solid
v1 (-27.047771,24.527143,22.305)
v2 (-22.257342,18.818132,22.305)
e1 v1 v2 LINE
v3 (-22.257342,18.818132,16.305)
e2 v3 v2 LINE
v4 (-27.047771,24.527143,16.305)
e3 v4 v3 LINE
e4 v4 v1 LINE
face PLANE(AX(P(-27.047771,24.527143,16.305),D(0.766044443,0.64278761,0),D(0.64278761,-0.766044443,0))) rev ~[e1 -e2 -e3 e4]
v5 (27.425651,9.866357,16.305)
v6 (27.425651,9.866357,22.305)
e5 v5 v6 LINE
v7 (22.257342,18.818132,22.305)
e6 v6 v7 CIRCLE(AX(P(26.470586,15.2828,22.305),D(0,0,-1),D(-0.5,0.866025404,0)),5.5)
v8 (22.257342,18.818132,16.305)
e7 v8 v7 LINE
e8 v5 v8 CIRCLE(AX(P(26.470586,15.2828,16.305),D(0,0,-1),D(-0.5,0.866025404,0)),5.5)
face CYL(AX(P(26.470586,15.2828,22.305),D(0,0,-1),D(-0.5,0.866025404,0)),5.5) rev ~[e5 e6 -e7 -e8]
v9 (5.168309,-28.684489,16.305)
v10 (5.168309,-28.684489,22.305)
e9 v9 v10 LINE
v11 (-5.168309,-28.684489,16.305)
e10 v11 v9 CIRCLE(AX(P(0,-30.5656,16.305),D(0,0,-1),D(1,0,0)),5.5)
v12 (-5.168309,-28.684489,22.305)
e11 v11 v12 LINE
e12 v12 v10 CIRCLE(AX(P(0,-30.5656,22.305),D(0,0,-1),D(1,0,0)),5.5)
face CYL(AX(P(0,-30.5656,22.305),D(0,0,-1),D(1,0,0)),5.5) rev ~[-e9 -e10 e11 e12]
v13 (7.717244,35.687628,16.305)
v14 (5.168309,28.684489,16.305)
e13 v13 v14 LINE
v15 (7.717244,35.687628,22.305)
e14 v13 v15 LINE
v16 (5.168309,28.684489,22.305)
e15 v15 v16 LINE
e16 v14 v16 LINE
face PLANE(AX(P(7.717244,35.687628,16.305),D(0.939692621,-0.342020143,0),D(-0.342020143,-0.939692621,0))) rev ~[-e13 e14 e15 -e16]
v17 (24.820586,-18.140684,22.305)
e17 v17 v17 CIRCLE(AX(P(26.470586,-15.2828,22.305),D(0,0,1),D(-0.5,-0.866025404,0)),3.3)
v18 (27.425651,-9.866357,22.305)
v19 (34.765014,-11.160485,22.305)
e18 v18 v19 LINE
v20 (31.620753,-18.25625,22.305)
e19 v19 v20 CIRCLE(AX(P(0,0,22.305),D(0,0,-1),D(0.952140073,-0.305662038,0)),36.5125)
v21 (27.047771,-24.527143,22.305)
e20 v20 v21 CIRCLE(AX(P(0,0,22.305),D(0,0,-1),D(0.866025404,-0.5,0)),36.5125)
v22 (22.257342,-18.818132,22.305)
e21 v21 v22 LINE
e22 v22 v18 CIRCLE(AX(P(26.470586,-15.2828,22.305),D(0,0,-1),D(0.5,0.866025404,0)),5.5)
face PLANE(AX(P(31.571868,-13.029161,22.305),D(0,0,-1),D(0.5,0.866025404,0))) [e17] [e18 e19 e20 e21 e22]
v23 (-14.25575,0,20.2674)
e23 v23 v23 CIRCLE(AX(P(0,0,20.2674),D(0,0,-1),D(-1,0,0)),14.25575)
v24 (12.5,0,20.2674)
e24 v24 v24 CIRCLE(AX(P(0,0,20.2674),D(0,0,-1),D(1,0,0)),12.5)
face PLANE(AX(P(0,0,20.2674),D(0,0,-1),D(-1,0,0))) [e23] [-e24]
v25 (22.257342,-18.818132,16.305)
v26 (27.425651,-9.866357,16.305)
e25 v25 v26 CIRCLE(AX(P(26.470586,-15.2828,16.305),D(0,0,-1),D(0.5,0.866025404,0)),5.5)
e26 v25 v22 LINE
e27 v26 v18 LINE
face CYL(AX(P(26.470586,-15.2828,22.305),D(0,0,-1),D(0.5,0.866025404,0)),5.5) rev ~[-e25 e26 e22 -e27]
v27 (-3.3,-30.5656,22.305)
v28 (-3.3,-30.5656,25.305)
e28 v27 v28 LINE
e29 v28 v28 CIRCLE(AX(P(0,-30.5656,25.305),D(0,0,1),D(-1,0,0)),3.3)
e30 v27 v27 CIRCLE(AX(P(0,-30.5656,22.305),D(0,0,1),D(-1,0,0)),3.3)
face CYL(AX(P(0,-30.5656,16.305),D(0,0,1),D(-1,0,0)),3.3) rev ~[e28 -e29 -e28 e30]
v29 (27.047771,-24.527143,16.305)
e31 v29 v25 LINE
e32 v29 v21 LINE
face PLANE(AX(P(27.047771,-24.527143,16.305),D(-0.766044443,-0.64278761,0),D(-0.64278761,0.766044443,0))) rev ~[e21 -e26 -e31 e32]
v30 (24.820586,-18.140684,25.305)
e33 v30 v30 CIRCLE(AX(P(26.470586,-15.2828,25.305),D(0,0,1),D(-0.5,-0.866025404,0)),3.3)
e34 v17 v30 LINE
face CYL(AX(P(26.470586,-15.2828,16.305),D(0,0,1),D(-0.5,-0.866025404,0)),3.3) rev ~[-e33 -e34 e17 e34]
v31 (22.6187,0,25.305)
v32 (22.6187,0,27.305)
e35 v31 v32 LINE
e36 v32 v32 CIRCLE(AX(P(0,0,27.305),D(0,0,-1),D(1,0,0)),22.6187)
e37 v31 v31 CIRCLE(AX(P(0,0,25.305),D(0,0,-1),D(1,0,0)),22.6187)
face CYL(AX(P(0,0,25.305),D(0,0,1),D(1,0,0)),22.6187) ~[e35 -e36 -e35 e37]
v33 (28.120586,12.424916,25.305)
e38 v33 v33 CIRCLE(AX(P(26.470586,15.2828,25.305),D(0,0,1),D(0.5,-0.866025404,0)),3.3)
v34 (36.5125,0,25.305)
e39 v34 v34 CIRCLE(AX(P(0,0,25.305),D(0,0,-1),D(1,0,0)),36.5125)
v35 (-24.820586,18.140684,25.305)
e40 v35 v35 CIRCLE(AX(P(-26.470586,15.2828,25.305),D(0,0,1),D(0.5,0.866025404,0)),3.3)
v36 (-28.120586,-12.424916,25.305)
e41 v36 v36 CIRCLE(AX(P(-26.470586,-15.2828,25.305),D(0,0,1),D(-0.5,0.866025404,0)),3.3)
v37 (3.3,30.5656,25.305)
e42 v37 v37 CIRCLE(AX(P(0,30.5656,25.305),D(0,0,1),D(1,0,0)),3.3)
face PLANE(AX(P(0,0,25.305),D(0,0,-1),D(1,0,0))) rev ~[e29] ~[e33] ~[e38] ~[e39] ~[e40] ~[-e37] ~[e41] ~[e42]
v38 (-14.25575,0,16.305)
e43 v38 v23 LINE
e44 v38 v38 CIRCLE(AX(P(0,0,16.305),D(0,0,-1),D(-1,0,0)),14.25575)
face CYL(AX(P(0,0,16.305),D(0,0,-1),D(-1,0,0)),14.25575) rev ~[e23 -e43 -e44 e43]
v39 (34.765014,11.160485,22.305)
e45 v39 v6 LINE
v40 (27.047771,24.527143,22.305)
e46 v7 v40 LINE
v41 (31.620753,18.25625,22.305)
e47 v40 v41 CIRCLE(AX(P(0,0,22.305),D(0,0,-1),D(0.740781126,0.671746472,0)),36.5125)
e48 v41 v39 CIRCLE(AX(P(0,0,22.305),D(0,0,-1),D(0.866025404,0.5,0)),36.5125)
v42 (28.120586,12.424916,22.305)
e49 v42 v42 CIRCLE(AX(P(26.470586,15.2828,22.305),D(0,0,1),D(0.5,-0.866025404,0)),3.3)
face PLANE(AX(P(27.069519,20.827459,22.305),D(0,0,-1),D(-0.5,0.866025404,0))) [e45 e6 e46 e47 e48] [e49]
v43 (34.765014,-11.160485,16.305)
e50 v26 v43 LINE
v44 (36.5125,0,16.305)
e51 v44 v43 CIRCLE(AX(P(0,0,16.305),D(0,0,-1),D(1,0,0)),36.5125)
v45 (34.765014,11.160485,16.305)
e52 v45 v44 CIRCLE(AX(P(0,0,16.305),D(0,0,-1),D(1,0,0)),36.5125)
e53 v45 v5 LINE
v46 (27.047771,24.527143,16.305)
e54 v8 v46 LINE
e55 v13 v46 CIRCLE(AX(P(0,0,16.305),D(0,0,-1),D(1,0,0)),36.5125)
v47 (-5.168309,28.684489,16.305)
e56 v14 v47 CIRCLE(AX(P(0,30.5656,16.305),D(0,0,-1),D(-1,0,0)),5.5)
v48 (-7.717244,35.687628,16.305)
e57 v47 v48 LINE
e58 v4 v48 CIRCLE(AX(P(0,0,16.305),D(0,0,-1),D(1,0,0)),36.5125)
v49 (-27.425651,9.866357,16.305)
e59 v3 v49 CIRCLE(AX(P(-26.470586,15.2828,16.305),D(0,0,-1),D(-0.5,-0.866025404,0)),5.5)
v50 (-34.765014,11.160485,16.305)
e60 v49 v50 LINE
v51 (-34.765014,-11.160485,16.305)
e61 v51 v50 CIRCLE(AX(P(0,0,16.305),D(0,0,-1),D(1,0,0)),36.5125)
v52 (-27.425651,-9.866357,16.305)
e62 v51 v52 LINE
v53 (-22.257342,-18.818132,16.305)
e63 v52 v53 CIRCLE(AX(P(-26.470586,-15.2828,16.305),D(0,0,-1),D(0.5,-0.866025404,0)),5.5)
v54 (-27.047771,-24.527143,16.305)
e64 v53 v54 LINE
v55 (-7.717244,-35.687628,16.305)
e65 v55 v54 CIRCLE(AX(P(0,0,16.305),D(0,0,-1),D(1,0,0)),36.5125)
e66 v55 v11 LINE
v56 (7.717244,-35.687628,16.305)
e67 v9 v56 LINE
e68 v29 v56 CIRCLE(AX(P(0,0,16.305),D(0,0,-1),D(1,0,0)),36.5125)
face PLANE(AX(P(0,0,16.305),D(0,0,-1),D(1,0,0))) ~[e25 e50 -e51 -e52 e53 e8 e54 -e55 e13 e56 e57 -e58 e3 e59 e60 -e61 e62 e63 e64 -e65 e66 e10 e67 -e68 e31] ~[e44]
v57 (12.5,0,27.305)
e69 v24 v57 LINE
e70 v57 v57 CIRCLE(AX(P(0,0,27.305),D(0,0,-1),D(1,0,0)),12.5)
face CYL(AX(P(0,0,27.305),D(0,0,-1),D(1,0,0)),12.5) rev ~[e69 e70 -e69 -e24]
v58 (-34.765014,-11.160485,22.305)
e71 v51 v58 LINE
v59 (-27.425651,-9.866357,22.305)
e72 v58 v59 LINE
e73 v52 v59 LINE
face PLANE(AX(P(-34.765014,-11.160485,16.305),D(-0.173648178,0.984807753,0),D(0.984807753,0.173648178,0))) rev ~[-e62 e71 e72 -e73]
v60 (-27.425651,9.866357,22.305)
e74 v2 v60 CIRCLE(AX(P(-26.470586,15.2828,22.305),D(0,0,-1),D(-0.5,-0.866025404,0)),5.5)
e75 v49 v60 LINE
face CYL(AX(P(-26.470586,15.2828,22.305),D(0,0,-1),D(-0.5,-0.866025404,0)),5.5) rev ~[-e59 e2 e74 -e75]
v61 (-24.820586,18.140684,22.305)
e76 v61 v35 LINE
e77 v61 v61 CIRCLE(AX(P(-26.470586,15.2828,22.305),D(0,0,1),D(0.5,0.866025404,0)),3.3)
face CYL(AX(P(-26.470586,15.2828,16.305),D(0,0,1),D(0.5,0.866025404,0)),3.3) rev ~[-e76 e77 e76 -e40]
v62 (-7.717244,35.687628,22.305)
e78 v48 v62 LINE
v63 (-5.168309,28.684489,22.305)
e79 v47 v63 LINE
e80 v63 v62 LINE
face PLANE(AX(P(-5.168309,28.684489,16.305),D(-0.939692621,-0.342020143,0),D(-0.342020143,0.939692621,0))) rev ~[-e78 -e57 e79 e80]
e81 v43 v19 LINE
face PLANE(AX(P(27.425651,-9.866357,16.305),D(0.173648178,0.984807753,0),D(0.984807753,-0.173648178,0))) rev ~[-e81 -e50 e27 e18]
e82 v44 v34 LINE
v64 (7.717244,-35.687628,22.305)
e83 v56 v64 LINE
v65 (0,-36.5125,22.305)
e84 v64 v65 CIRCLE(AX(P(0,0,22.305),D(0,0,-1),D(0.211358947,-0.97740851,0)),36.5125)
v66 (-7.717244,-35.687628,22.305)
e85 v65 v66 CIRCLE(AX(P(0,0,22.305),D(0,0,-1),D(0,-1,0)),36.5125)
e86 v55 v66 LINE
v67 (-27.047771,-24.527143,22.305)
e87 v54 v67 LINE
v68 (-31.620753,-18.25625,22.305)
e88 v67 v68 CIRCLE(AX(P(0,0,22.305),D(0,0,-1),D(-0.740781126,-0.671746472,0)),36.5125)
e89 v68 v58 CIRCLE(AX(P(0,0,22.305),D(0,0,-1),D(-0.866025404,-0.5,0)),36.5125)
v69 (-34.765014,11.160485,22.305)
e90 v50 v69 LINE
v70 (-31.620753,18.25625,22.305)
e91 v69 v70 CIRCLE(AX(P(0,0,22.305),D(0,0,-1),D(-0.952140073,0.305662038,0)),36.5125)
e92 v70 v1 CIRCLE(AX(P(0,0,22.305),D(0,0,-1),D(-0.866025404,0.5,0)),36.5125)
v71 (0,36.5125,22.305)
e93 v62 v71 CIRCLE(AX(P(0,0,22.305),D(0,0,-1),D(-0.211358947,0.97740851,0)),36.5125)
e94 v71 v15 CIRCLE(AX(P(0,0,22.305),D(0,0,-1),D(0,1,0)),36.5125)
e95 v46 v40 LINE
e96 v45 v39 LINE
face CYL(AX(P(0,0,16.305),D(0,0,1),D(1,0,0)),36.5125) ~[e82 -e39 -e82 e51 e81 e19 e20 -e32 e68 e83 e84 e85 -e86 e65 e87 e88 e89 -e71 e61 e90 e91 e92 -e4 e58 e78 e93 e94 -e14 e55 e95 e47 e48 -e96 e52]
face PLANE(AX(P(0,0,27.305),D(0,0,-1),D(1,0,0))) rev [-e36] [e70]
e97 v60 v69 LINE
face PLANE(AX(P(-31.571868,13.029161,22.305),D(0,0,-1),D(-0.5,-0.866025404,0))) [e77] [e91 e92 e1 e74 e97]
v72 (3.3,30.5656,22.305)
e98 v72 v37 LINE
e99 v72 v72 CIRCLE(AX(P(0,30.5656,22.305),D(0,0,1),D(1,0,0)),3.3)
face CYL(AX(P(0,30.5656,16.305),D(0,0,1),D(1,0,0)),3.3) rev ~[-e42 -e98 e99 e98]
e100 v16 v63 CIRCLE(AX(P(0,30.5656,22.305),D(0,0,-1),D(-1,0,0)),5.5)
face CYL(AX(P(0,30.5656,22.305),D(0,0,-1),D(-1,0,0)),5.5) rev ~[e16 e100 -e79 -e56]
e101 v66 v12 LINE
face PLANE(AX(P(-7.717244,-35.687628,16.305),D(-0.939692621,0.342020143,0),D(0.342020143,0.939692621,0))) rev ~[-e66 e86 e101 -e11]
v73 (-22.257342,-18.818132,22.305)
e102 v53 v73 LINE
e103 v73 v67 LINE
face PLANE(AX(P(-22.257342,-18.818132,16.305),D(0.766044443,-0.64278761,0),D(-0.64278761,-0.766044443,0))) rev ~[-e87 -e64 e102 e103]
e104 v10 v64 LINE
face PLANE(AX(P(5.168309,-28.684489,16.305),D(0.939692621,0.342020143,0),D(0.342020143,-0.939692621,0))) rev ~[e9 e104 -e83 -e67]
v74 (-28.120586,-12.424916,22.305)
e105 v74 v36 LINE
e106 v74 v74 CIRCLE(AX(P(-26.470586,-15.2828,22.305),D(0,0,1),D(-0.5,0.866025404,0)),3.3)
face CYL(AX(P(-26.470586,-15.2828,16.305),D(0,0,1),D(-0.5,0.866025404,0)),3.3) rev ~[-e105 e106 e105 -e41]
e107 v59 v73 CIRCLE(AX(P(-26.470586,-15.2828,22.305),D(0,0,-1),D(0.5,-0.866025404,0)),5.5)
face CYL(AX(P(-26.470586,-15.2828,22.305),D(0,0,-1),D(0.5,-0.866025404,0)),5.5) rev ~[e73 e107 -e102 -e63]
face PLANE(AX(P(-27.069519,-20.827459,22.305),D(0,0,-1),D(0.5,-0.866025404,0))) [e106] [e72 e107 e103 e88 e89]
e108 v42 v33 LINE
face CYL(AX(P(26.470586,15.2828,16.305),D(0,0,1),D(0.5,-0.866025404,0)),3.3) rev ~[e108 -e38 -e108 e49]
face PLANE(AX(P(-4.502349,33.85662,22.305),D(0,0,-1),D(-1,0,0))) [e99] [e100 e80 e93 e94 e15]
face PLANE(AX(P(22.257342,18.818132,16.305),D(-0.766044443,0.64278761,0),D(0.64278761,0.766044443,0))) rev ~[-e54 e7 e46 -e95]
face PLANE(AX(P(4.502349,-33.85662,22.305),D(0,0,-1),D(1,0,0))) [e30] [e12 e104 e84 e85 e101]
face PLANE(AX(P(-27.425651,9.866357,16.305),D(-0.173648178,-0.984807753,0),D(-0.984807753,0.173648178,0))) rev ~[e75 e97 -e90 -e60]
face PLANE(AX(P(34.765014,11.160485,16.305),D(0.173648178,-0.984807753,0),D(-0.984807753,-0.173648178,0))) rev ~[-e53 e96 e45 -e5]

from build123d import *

# Parameters (mm, degrees)
SKETCH_SPINDLE_SKELETON_W      = 1.000000064
SKETCH_SPINDLE_SKELETON_H      = 10.1187
CUT_CENTER_DEPTH               = 53.414934066
CUT_CENTER_DEPTH_BACK          = 53.414934066
SKETCH_CENTER_CUT_R            = 12.5
CBORE_FOR_M6_SHCS1_D           = 6.6
CBORE_FOR_M6_SHCS1_CBORE_D     = 11
CBORE_FOR_M6_SHCS1_CBORE_DEPTH = 6
CIRPATTERN1_COUNT              = 6
SKETCH1_R                      = 14.25575
CUT_EXTRUDE1_DEPTH             = 3.9624
CUT_EXTRUDE2_DEPTH             = 6
CIRPATTERN2_COUNT              = 6


with BuildPart() as part:
    # Sketch Spindle Skeleton → Main Revolve (revolve)
    with BuildSketch(Plane(origin=(0, 0, 0), x_dir=(0, 0, -1), z_dir=(1, 0, 0)), mode=Mode.PRIVATE) as main_revolve_sk:
        Polygon((-25.304999936, 12.5), (-25.304999936, 9.525), (-16.304999902, 9.525), (-16.304999902, 36.5125), (-25.304999936, 36.5125), (-25.304999936, 22.6187), (-26.304999936, 22.6187), (-26.304999936, 12.5), align=None)
        with Locations((-26.804999968, 17.55935)):
            Rectangle(SKETCH_SPINDLE_SKELETON_W, SKETCH_SPINDLE_SKELETON_H)
    revolve(main_revolve_sk.sketch.rotate(Axis((0, 0, 1000), (0, 0, -1)), 90), axis=Axis((0, 0, 1000), (0, 0, -1)))

    # Sketch Center Cut → Cut Center (cut, two sides: drawn at the far end of the back side and taken through both)
    with BuildSketch(Plane.XY.offset(25.304999936).offset(-CUT_CENTER_DEPTH_BACK)):
        Circle(SKETCH_CENTER_CUT_R)
    extrude(amount=CUT_CENTER_DEPTH + CUT_CENTER_DEPTH_BACK, mode=Mode.SUBTRACT)

    # CBORE for M6 SHCS1 (through all)
    with Locations(Plane(origin=(0, 0, 16.304999902), x_dir=(-1, 0, 0), z_dir=(0, 0, -1))):
        with Locations((0, 30.565600032)):
            cbore_for_m6_shcs1 = CounterBoreHole(CBORE_FOR_M6_SHCS1_D / 2, CBORE_FOR_M6_SHCS1_CBORE_D / 2, CBORE_FOR_M6_SHCS1_CBORE_DEPTH)

    # CirPattern1: CBORE for M6 SHCS1 ×6 about axis
    cirpattern1_axis = Axis((0, 0, 0), (0, 0, 1))
    for i in range(1, CIRPATTERN1_COUNT):
        add(cbore_for_m6_shcs1.rotate(cirpattern1_axis, i * 360 / CIRPATTERN1_COUNT), mode=Mode.SUBTRACT)

    # Sketch1 → Cut-Extrude1 (cut)
    with BuildSketch(Plane(origin=(0, 0, 16.304999902), x_dir=(-1, 0, 0), z_dir=(0, 0, -1))):
        Circle(SKETCH1_R)
    extrude(amount=-CUT_EXTRUDE1_DEPTH, mode=Mode.SUBTRACT)

    # Sketch2 → Cut-Extrude2 (cut)
    with BuildSketch(Plane(origin=(0, 0, 16.304999902), x_dir=(-1, 0, 0), z_dir=(0, 0, -1))):
        with BuildLine():
            ThreePointArc((5.5, 30.565600032), (5.416442642, 29.610535055), (5.168309414, 28.684489244))
            Line((5.168309414, 28.684489244), (7.71724355, 35.687628224))
            ThreePointArc((7.71724355, 35.687628224), (3.88060116, 36.305696397), (0, 36.5125))
            Line((0, 36.5125), (0, 36.065600032))
            ThreePointArc((0, 36.065600032), (3.889087297, 34.454687329), (5.5, 30.565600032))
        make_face()
        with BuildLine():
            Line((-7.71724355, 35.687628224), (-5.168309414, 28.684489244))
            ThreePointArc((-5.168309414, 28.684489244), (-4.505336244, 33.720270432), (0, 36.065600032))
            Line((0, 36.065600032), (0, 36.5125))
            ThreePointArc((0, 36.5125), (-3.88060116, 36.305696397), (-7.71724355, 35.687628224))
        make_face()
    cut_extrude2 = extrude(amount=-CUT_EXTRUDE2_DEPTH, mode=Mode.SUBTRACT)

    # CirPattern2: Cut-Extrude2 ×6 about axis
    cirpattern2_axis = Axis((0, 0, 0), (0, 0, 1))
    for i in range(1, CIRPATTERN2_COUNT):
        add(cut_extrude2.rotate(cirpattern2_axis, i * 360 / CIRPATTERN2_COUNT), mode=Mode.SUBTRACT)


solid = part.part
